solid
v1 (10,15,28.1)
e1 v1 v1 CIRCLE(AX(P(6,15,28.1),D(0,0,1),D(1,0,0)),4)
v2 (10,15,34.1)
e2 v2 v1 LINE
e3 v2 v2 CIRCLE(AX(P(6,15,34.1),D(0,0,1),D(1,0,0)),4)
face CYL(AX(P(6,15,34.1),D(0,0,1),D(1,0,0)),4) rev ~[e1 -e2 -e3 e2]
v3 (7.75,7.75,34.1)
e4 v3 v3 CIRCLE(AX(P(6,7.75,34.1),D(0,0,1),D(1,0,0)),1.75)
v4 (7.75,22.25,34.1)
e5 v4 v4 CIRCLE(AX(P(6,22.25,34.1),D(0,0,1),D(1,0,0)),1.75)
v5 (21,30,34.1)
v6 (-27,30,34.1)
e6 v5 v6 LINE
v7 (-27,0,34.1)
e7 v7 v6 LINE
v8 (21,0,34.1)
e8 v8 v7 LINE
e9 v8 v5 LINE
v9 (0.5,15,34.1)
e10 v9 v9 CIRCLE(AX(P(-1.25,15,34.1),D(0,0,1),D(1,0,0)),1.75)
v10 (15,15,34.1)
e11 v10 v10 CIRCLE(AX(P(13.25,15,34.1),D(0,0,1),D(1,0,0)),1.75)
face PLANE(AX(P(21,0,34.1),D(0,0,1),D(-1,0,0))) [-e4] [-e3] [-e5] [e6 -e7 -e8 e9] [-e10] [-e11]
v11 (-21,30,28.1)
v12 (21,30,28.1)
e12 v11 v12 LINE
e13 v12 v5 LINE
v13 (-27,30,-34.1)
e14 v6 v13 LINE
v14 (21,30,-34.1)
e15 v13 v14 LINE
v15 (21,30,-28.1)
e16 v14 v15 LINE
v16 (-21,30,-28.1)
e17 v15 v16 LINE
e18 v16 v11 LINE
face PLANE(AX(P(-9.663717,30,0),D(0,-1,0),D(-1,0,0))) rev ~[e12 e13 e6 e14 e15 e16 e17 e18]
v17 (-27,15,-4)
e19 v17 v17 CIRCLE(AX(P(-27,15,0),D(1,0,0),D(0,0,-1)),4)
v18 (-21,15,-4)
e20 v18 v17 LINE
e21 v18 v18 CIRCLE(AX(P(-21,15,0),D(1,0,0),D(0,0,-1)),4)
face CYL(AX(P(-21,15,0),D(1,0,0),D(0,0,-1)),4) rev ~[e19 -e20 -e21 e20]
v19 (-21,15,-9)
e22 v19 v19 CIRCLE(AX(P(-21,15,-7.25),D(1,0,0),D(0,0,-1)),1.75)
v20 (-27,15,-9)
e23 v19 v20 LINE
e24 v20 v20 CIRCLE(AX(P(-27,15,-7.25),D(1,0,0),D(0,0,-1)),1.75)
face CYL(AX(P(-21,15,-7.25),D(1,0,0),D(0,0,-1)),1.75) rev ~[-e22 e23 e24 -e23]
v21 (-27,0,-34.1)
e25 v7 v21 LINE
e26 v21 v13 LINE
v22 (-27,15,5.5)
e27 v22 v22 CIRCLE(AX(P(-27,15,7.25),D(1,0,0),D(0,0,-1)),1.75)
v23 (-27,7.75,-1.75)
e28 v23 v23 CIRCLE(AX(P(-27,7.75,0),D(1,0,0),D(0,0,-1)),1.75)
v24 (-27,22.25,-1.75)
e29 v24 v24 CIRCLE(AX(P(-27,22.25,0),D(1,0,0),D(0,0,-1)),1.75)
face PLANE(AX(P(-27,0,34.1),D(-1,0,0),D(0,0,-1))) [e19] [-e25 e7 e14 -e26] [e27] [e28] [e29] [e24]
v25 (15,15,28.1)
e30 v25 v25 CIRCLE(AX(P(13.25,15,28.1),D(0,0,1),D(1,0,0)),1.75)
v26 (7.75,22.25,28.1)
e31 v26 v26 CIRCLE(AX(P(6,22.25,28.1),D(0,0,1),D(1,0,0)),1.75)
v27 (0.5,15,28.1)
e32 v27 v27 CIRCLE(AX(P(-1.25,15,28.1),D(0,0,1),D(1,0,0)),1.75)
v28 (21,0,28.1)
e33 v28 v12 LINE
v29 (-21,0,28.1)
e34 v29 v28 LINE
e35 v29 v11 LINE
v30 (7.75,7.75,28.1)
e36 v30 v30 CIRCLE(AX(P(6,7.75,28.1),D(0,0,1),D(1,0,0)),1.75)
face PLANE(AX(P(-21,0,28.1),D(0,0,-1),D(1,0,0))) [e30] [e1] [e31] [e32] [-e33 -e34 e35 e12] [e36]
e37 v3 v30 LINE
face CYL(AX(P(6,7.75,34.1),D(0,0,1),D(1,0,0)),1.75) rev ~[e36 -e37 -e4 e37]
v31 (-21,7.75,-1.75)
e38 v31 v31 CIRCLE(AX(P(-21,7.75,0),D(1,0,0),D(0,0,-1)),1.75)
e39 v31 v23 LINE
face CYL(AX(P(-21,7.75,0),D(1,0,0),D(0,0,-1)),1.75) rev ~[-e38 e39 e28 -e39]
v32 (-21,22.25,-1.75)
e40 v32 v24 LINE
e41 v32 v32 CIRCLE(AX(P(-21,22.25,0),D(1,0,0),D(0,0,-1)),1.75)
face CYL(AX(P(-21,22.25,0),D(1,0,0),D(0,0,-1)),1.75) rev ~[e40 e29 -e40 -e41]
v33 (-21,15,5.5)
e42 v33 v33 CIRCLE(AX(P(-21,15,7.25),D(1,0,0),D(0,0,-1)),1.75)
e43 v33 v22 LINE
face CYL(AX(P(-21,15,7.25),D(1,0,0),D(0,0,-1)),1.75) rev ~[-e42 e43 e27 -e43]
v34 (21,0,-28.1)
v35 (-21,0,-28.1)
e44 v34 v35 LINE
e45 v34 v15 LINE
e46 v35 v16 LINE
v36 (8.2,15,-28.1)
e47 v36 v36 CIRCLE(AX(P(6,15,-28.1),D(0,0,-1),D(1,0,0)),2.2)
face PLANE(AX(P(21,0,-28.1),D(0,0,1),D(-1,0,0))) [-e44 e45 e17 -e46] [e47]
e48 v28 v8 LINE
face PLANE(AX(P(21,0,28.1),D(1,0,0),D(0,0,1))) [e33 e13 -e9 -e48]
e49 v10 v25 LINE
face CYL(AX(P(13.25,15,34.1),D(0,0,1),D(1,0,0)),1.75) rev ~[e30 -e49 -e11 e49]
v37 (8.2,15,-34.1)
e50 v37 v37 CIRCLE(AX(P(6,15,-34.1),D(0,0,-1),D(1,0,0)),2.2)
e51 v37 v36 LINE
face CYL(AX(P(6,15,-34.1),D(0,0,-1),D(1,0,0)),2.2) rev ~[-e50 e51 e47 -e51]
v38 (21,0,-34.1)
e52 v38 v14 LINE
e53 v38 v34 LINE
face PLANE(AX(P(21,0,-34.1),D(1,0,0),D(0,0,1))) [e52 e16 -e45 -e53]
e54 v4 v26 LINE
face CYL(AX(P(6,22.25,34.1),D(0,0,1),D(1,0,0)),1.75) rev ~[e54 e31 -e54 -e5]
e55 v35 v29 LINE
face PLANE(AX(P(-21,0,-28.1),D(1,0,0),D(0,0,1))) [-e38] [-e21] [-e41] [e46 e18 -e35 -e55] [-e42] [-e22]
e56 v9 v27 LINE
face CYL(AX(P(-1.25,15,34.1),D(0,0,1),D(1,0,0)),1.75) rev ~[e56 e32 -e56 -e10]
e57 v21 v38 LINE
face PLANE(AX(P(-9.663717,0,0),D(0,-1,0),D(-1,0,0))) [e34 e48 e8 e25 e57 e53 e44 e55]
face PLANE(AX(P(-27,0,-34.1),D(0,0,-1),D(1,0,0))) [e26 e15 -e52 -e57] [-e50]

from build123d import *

# Parameters (mm, degrees)
BOSS_EXTRUDE1_DEPTH            = 30
CUT_EXTRUDE1_REACH             = 63.861
SKETCH2_R                      = 4
SKETCH2_R_2                    = 1.75
CUT_EXTRUDE2_REACH             = 81.248
SKETCH3_R                      = 4
CUT_EXTRUDE3_REACH             = 81.248
SKETCH4_R                      = 1.75
CUT_EXTRUDE4_REACH             = 81.248
SKETCH5_R                      = 2.2
CUT_EXTRUDE4_DIRECTION_2_DEPTH = 80.247965274


with BuildPart() as part:
    # Sketch1 → Boss-Extrude1 (new body)
    with BuildSketch(Plane(origin=(0, 0, 0), x_dir=(1, 0, 0), z_dir=(0, 1, 0))):
        Polygon((21, -28.1), (21, -34.1), (-27, -34.1), (-27, 34.1), (21, 34.1), (21, 28.1), (-21, 28.1), (-21, -28.1), align=None)
    extrude(amount=BOSS_EXTRUDE1_DEPTH)

    # Sketch2 → Cut-Extrude1 (cut, up to next)
    with BuildSketch(Plane(origin=(-21, 0, 0), x_dir=(0, 0, -1), z_dir=(1, 0, 0)), mode=Mode.PRIVATE) as cut_extrude1_sk1:
        with Locations((0, 15)):
            Circle(SKETCH2_R)
    cut_extrude1_tool1 = extrude(cut_extrude1_sk1.sketch, amount=-CUT_EXTRUDE1_REACH, mode=Mode.PRIVATE) & part.part
    # Sketch2 → Cut-Extrude1 (cut, up to next)
    with BuildSketch(Plane(origin=(-21, 0, 0), x_dir=(0, 0, -1), z_dir=(1, 0, 0)), mode=Mode.PRIVATE) as cut_extrude1_sk2:
        with Locations((0, 22.25)):
            Circle(SKETCH2_R_2)
    cut_extrude1_tool2 = extrude(cut_extrude1_sk2.sketch, amount=-CUT_EXTRUDE1_REACH, mode=Mode.PRIVATE) & part.part
    # Sketch2 → Cut-Extrude1 (cut, up to next)
    with BuildSketch(Plane(origin=(-21, 0, 0), x_dir=(0, 0, -1), z_dir=(1, 0, 0)), mode=Mode.PRIVATE) as cut_extrude1_sk3:
        with Locations((7.25, 15)):
            Circle(SKETCH2_R_2)
    cut_extrude1_tool3 = extrude(cut_extrude1_sk3.sketch, amount=-CUT_EXTRUDE1_REACH, mode=Mode.PRIVATE) & part.part
    # Sketch2 → Cut-Extrude1 (cut, up to next)
    with BuildSketch(Plane(origin=(-21, 0, 0), x_dir=(0, 0, -1), z_dir=(1, 0, 0)), mode=Mode.PRIVATE) as cut_extrude1_sk4:
        with Locations((0, 7.75)):
            Circle(SKETCH2_R_2)
    cut_extrude1_tool4 = extrude(cut_extrude1_sk4.sketch, amount=-CUT_EXTRUDE1_REACH, mode=Mode.PRIVATE) & part.part
    # Sketch2 → Cut-Extrude1 (cut, up to next)
    with BuildSketch(Plane(origin=(-21, 0, 0), x_dir=(0, 0, -1), z_dir=(1, 0, 0)), mode=Mode.PRIVATE) as cut_extrude1_sk5:
        with Locations((-7.25, 15)):
            Circle(SKETCH2_R_2)
    cut_extrude1_tool5 = extrude(cut_extrude1_sk5.sketch, amount=-CUT_EXTRUDE1_REACH, mode=Mode.PRIVATE) & part.part
    add(cut_extrude1_tool1.solids().sort_by_distance((-21, 15, 0))[0], mode=Mode.SUBTRACT)
    add(cut_extrude1_tool2.solids().sort_by_distance((-21, 22.25, 0))[0], mode=Mode.SUBTRACT)
    add(cut_extrude1_tool3.solids().sort_by_distance((-21, 15, -7.25))[0], mode=Mode.SUBTRACT)
    add(cut_extrude1_tool4.solids().sort_by_distance((-21, 7.75, 0))[0], mode=Mode.SUBTRACT)
    add(cut_extrude1_tool5.solids().sort_by_distance((-21, 15, 7.25))[0], mode=Mode.SUBTRACT)

    # Sketch3 → Cut-Extrude2 (cut, up to next)
    with BuildSketch(Plane.XY.offset(34.1), mode=Mode.PRIVATE) as cut_extrude2_sk1:
        with Locations((6, 15)):
            Circle(SKETCH3_R)
    cut_extrude2_tool1 = extrude(cut_extrude2_sk1.sketch, amount=-CUT_EXTRUDE2_REACH, mode=Mode.PRIVATE) & part.part
    add(cut_extrude2_tool1.solids().sort_by_distance((6, 15, 34.1))[0], mode=Mode.SUBTRACT)

    # Sketch4 → Cut-Extrude3 (cut, up to next)
    with BuildSketch(Plane.XY.offset(34.1), mode=Mode.PRIVATE) as cut_extrude3_sk1:
        with Locations((6, 22.25)):
            Circle(SKETCH4_R)
    cut_extrude3_tool1 = extrude(cut_extrude3_sk1.sketch, amount=-CUT_EXTRUDE3_REACH, mode=Mode.PRIVATE) & part.part
    # Sketch4 → Cut-Extrude3 (cut, up to next)
    with BuildSketch(Plane.XY.offset(34.1), mode=Mode.PRIVATE) as cut_extrude3_sk2:
        with Locations((13.25, 15)):
            Circle(SKETCH4_R)
    cut_extrude3_tool2 = extrude(cut_extrude3_sk2.sketch, amount=-CUT_EXTRUDE3_REACH, mode=Mode.PRIVATE) & part.part
    # Sketch4 → Cut-Extrude3 (cut, up to next)
    with BuildSketch(Plane.XY.offset(34.1), mode=Mode.PRIVATE) as cut_extrude3_sk3:
        with Locations((6, 7.75)):
            Circle(SKETCH4_R)
    cut_extrude3_tool3 = extrude(cut_extrude3_sk3.sketch, amount=-CUT_EXTRUDE3_REACH, mode=Mode.PRIVATE) & part.part
    # Sketch4 → Cut-Extrude3 (cut, up to next)
    with BuildSketch(Plane.XY.offset(34.1), mode=Mode.PRIVATE) as cut_extrude3_sk4:
        with Locations((-1.25, 15)):
            Circle(SKETCH4_R)
    cut_extrude3_tool4 = extrude(cut_extrude3_sk4.sketch, amount=-CUT_EXTRUDE3_REACH, mode=Mode.PRIVATE) & part.part
    add(cut_extrude3_tool1.solids().sort_by_distance((6, 22.25, 34.1))[0], mode=Mode.SUBTRACT)
    add(cut_extrude3_tool2.solids().sort_by_distance((13.25, 15, 34.1))[0], mode=Mode.SUBTRACT)
    add(cut_extrude3_tool3.solids().sort_by_distance((6, 7.75, 34.1))[0], mode=Mode.SUBTRACT)
    add(cut_extrude3_tool4.solids().sort_by_distance((-1.25, 15, 34.1))[0], mode=Mode.SUBTRACT)

    # Sketch5 → Cut-Extrude4 (cut, up to next)
    with BuildSketch(Plane(origin=(0, 0, -34.1), x_dir=(-1, 0, 0), z_dir=(0, 0, -1)), mode=Mode.PRIVATE) as cut_extrude4_sk1:
        with Locations(Location((-6, 15, 0), (0, 0, 180))):
            Circle(SKETCH5_R)
    cut_extrude4_tool1 = extrude(cut_extrude4_sk1.sketch, amount=-CUT_EXTRUDE4_REACH, mode=Mode.PRIVATE) & part.part
    add(cut_extrude4_tool1.solids().sort_by_distance((6, 15, -34.1))[0], mode=Mode.SUBTRACT)

    # Sketch5 → Cut-Extrude4 direction 2 (cut)
    with BuildSketch(Plane(origin=(0, 0, -34.1), x_dir=(-1, 0, 0), z_dir=(0, 0, -1))):
        with Locations(Location((-6, 15, 0), (0, 0, 180))):
            Circle(SKETCH5_R)
    extrude(amount=CUT_EXTRUDE4_DIRECTION_2_DEPTH, mode=Mode.SUBTRACT)


solid = part.part
